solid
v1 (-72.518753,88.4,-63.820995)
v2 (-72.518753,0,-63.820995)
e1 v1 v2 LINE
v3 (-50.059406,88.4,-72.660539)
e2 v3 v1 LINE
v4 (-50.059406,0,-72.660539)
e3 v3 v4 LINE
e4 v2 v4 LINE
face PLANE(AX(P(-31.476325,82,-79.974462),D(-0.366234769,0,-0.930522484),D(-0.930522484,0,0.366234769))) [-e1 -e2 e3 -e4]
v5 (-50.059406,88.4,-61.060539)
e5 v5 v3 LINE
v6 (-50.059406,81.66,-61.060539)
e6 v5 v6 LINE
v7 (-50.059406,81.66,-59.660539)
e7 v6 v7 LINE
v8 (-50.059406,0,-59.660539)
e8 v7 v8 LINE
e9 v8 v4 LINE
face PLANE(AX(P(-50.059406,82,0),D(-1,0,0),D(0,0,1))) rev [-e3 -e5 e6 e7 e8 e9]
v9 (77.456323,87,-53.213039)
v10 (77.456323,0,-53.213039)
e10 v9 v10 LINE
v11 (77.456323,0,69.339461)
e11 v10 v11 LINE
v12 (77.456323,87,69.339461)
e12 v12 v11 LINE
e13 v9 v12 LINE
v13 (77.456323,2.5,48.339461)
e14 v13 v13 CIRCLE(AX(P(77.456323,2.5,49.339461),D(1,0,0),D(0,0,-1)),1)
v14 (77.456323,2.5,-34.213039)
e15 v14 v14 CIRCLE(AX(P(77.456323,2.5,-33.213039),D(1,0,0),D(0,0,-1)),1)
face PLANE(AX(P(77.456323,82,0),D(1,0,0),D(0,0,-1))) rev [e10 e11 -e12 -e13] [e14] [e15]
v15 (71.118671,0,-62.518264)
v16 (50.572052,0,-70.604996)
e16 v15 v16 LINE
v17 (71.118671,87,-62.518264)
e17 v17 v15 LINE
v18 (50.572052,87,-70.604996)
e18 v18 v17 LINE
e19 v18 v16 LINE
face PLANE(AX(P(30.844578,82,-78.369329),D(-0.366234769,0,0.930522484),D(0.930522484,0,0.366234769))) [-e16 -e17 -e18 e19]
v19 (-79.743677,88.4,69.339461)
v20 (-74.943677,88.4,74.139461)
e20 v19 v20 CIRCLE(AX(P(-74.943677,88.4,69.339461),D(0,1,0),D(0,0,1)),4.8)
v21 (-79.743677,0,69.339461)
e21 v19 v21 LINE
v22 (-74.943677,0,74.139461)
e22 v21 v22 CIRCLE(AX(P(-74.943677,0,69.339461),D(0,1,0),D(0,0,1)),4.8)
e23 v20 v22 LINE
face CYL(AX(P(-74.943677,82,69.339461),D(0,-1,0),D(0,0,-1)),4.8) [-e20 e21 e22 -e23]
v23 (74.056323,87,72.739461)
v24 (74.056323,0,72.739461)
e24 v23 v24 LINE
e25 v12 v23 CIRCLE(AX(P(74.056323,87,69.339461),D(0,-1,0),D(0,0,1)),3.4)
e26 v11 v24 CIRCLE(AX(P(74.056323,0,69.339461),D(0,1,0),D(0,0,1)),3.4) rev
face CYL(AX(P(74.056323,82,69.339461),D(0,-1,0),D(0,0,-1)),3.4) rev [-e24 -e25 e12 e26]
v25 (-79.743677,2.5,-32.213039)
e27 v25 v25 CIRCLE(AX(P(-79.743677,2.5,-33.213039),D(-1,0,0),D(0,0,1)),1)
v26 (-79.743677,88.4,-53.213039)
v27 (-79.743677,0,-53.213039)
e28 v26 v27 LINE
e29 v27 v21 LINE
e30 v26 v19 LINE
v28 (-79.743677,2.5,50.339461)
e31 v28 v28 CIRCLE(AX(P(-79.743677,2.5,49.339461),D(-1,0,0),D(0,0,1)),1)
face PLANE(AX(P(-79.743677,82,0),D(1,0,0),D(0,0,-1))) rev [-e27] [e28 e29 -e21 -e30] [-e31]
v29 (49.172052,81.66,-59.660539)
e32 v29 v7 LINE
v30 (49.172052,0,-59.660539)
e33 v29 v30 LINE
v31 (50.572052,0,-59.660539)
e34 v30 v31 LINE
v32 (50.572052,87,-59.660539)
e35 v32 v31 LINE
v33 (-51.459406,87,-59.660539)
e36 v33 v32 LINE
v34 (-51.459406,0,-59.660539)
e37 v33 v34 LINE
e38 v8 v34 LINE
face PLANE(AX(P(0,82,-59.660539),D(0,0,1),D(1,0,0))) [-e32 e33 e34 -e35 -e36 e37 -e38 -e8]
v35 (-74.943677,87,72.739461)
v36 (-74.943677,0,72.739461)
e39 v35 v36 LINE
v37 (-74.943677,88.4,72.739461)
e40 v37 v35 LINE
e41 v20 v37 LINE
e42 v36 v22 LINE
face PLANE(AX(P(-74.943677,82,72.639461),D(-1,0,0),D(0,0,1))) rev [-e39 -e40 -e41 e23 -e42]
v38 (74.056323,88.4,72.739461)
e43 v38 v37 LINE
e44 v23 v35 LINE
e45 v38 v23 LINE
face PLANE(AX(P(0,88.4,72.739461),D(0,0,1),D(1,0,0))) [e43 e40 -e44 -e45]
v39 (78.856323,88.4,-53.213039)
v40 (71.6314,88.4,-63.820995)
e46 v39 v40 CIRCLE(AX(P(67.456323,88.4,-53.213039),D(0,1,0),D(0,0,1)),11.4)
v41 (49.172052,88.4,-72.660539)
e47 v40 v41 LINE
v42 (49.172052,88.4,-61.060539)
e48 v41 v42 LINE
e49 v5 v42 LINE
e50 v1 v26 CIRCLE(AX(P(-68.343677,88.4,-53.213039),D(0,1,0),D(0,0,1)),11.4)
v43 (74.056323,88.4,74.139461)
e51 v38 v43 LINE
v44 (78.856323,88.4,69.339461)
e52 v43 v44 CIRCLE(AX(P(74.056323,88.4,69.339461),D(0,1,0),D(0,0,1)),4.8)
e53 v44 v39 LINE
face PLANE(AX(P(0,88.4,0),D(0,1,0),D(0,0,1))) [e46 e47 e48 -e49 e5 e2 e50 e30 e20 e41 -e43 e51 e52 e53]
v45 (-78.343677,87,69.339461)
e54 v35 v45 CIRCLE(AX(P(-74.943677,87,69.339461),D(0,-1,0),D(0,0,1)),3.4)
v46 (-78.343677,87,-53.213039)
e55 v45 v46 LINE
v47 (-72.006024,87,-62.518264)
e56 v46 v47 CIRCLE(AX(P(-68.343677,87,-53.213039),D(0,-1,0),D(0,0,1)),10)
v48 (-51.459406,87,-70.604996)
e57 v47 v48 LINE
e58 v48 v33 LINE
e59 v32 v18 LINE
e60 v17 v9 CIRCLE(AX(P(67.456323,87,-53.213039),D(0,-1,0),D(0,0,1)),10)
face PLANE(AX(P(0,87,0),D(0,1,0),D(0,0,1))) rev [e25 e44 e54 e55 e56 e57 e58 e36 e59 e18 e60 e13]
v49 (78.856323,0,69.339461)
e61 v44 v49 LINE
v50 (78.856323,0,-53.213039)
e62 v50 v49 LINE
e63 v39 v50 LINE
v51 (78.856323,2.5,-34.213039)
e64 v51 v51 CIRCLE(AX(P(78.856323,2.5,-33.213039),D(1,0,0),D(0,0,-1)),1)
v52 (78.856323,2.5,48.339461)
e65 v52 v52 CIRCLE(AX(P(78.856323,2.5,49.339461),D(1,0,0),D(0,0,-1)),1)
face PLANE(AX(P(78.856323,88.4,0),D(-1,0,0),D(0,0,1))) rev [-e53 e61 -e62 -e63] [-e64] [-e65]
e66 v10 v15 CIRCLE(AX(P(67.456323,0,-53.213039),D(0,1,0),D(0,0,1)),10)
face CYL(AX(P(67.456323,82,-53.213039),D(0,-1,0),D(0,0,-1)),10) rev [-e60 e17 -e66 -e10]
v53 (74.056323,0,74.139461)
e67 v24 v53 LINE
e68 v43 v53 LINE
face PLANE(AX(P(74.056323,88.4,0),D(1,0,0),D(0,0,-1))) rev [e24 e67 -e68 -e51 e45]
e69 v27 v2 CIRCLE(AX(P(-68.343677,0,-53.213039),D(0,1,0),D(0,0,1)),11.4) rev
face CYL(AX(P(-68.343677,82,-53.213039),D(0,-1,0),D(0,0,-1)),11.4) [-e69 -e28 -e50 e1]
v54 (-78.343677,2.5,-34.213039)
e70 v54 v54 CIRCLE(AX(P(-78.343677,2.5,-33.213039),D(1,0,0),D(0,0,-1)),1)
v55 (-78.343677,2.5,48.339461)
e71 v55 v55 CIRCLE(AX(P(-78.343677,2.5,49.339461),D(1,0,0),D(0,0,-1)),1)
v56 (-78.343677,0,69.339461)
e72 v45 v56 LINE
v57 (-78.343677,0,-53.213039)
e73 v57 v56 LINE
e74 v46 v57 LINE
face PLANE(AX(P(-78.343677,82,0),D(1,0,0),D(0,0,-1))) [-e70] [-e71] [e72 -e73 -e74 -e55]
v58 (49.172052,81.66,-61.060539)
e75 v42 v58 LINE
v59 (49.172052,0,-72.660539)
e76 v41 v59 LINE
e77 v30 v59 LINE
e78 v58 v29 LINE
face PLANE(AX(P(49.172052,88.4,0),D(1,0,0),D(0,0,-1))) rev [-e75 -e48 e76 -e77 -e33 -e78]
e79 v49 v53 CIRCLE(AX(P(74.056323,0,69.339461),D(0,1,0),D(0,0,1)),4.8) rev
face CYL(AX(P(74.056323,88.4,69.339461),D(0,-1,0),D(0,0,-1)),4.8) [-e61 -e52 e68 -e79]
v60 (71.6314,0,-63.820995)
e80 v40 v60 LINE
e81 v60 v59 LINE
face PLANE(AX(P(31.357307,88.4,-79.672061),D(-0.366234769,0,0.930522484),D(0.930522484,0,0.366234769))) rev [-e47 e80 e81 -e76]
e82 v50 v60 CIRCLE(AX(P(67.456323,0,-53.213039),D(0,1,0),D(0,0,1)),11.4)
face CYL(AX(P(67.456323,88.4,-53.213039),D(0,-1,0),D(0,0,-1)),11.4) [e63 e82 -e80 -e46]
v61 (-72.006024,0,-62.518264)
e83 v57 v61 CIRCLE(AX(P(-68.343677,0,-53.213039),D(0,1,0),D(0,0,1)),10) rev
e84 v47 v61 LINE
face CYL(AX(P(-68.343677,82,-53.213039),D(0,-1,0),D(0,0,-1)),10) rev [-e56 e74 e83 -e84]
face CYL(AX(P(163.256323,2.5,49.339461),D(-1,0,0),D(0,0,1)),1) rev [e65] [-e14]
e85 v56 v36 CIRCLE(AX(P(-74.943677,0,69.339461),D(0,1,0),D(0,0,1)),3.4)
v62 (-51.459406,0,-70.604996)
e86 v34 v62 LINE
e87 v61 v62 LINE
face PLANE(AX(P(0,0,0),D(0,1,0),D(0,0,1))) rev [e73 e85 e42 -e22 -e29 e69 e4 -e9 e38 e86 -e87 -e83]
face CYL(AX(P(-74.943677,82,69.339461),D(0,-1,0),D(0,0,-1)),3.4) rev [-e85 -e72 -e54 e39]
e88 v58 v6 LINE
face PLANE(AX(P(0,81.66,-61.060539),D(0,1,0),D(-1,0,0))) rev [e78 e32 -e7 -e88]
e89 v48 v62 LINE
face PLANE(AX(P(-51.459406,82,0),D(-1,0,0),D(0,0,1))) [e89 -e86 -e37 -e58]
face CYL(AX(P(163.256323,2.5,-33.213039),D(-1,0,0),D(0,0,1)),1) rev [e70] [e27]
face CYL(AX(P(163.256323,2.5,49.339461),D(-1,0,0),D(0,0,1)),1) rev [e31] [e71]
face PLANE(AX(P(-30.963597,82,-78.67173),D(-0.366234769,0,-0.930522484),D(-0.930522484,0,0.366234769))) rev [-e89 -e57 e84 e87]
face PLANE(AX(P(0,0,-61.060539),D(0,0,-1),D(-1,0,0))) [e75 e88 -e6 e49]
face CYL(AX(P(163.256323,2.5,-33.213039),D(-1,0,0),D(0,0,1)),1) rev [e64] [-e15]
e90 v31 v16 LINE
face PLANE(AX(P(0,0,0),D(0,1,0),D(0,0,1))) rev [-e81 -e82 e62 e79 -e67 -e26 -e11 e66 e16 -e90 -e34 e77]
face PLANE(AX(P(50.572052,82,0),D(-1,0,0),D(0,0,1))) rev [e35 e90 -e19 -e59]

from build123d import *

# Parameters (mm, degrees)
BOSS_EXTRUDE2_DEPTH = 82
BOSS_EXTRUDE3_DEPTH = 1.5
SKETCH4_W           = 149
SKETCH4_H           = 82
CUT_EXTRUDE2_DEPTH  = 1.5
SKETCH5_W           = 99.231457505
SKETCH5_H           = 0.2
CUT_EXTRUDE3_DEPTH  = 18
SKETCH6_R           = 1
CUT_EXTRUDE4_DEPTH  = 243
CUT_EXTRUDE5_DEPTH  = 16.4
BOSS_EXTRUDE4_DEPTH = 5
BOSS_EXTRUDE6_DEPTH = 1.4
SKETCH10_W          = 99.231457505
SKETCH10_H          = 5.34
SKETCH10_H_2        = 1.4
BOSS_EXTRUDE7_DEPTH = 1.4


with BuildPart() as part:
    # Sketch1 → Boss-Extrude2 (new body)
    with BuildSketch(Plane(origin=(0, 0, 0), x_dir=(1, 0, 0), z_dir=(0, 1, 0))):
        with BuildLine():
            Line((-0.443676805, -72.739461341), (-0.443676805, -74.139461341))
            Line((-0.443676805, -74.139461341), (74.056323195, -74.139461341))
            ThreePointArc((74.056323195, -74.139461341), (77.450435745, -72.733573891), (78.856323195, -69.339461341))
            Line((78.856323195, -69.339461341), (78.856323195, -3.839461341))
            Line((78.856323195, -3.839461341), (78.856323195, 53.213038835))
            ThreePointArc((78.856323195, 53.213038835), (76.87852757, 59.630364191), (71.631399559, 63.820995158))
            Line((71.631399559, 63.820995158), (49.172051948, 72.660538659))
            Line((49.172051948, 72.660538659), (49.172051948, 71.156007577))
            Line((49.172051948, 71.156007577), (49.172051948, 59.660538659))
            Line((49.172051948, 59.660538659), (50.572051948, 59.660538659))
            Line((50.572051948, 59.660538659), (50.572051948, 70.604995984))
            Line((50.572051948, 70.604995984), (71.118670883, 62.51826368))
            ThreePointArc((71.118670883, 62.51826368), (75.721414752, 58.842271604), (77.456323195, 53.213038835))
            Line((77.456323195, 53.213038835), (77.456323195, -3.839461341))
            Line((77.456323195, -3.839461341), (77.456323195, -69.339461341))
            ThreePointArc((77.456323195, -69.339461341), (76.460486251, -71.743624398), (74.056323195, -72.739461341))
            Line((74.056323195, -72.739461341), (-0.443676805, -72.739461341))
        make_face()
        with BuildLine():
            Line((-74.943676805, -74.139461341), (-0.443676805, -74.139461341))
            Line((-0.443676805, -74.139461341), (-0.443676805, -72.739461341))
            Line((-0.443676805, -72.739461341), (-74.943676805, -72.739461341))
            ThreePointArc((-74.943676805, -72.739461341), (-77.347839861, -71.743624398), (-78.343676805, -69.339461341))
            Line((-78.343676805, -69.339461341), (-78.343676805, -3.839461341))
            Line((-78.343676805, -3.839461341), (-78.343676805, 53.213038835))
            ThreePointArc((-78.343676805, 53.213038835), (-76.608768361, 58.842271604), (-72.006024493, 62.51826368))
            Line((-72.006024493, 62.51826368), (-51.459405557, 70.604995984))
            Line((-51.459405557, 70.604995984), (-51.459405557, 59.660538659))
            Line((-51.459405557, 59.660538659), (-50.059405557, 59.660538659))
            Line((-50.059405557, 59.660538659), (-50.059405557, 71.156007577))
            Line((-50.059405557, 71.156007577), (-50.059405557, 72.660538659))
            Line((-50.059405557, 72.660538659), (-72.518753169, 63.820995158))
            ThreePointArc((-72.518753169, 63.820995158), (-77.765881179, 59.630364191), (-79.743676805, 53.213038835))
            Line((-79.743676805, 53.213038835), (-79.743676805, -3.839461341))
            Line((-79.743676805, -3.839461341), (-79.743676805, -69.339461341))
            ThreePointArc((-79.743676805, -69.339461341), (-78.337789355, -72.733573891), (-74.943676805, -74.139461341))
        make_face()
    extrude(amount=BOSS_EXTRUDE2_DEPTH)

    # Sketch3 → Boss-Extrude3 (add)
    with BuildSketch(Plane(origin=(0, 82, 0), x_dir=(1, 0, 0), z_dir=(0, 1, 0))):
        with BuildLine():
            Line((-50.059405557, 59.660538659), (49.172051948, 59.660538659))
            Line((49.172051948, 59.660538659), (50.572051948, 59.660538659))
            Line((50.572051948, 59.660538659), (50.572051948, 70.604995984))
            Line((50.572051948, 70.604995984), (71.118670883, 62.51826368))
            ThreePointArc((71.118670883, 62.51826368), (75.721414752, 58.842271604), (77.456323195, 53.213038835))
            Line((77.456323195, 53.213038835), (77.456323195, -69.339461341))
            ThreePointArc((77.456323195, -69.339461341), (76.460486251, -71.743624398), (74.056323195, -72.739461341))
            Line((74.056323195, -72.739461341), (-74.943676805, -72.739461341))
            ThreePointArc((-74.943676805, -72.739461341), (-77.347839861, -71.743624398), (-78.343676805, -69.339461341))
            Line((-78.343676805, -69.339461341), (-78.343676805, 53.213038835))
            ThreePointArc((-78.343676805, 53.213038835), (-76.608768361, 58.842271604), (-72.006024493, 62.51826368))
            Line((-72.006024493, 62.51826368), (-51.459405557, 70.604995984))
            Line((-51.459405557, 70.604995984), (-51.459405557, 59.660538659))
            Line((-51.459405557, 59.660538659), (-50.059405557, 59.660538659))
        make_face()
    extrude(amount=-BOSS_EXTRUDE3_DEPTH)

    # Sketch4 → Cut-Extrude2 (cut)
    with BuildSketch(Plane.XY.offset(74.139461341)):
        with Locations((-0.443676805, 41)):
            Rectangle(SKETCH4_W, SKETCH4_H)
    extrude(amount=-CUT_EXTRUDE2_DEPTH, mode=Mode.SUBTRACT)

    # Sketch5 → Cut-Extrude3 (cut)
    with BuildSketch(Plane(origin=(0, 82, 0), x_dir=(1, 0, 0), z_dir=(0, 1, 0))):
        with Locations((-0.443676805, 59.560538659)):
            Rectangle(SKETCH5_W, SKETCH5_H)
    extrude(amount=-CUT_EXTRUDE3_DEPTH, mode=Mode.SUBTRACT)

    # Sketch6 → Cut-Extrude4 (cut)
    with BuildSketch(Plane.ZY.offset(79.743676805)):
        with Locations((-33.213038835, 2.5)):
            Circle(SKETCH6_R)
        with Locations((49.339461341, 2.5)):
            Circle(SKETCH6_R)
    extrude(amount=-CUT_EXTRUDE4_DEPTH, mode=Mode.SUBTRACT)

    # Sketch7 → Cut-Extrude5 (cut)
    with BuildSketch(Plane.XZ.offset(-80.5)):
        with BuildLine():
            Line((-50.059405557, -59.460538659), (49.172051948, -59.460538659))
            Line((49.172051948, -59.460538659), (49.172051948, -59.660538659))
            Line((49.172051948, -59.660538659), (50.572051948, -59.660538659))
            Line((50.572051948, -59.660538659), (50.572051948, -70.604995984))
            Line((50.572051948, -70.604995984), (71.118670883, -62.51826368))
            ThreePointArc((71.118670883, -62.51826368), (75.721414752, -58.842271604), (77.456323195, -53.213038835))
            Line((77.456323195, -53.213038835), (77.456323195, 69.339461341))
            ThreePointArc((77.456323195, 69.339461341), (76.460486251, 71.743624398), (74.056323195, 72.739461341))
            Line((74.056323195, 72.739461341), (74.056323195, 72.639461341))
            Line((74.056323195, 72.639461341), (-74.943676805, 72.639461341))
            Line((-74.943676805, 72.639461341), (-74.943676805, 72.739461341))
            ThreePointArc((-74.943676805, 72.739461341), (-77.347839861, 71.743624398), (-78.343676805, 69.339461341))
            Line((-78.343676805, 69.339461341), (-78.343676805, -53.213038835))
            ThreePointArc((-78.343676805, -53.213038835), (-76.608768361, -58.842271604), (-72.006024493, -62.51826368))
            Line((-72.006024493, -62.51826368), (-51.459405557, -70.604995984))
            Line((-51.459405557, -70.604995984), (-51.459405557, -59.660538659))
            Line((-51.459405557, -59.660538659), (-50.059405557, -59.660538659))
            Line((-50.059405557, -59.660538659), (-50.059405557, -59.460538659))
        make_face()
    extrude(amount=-CUT_EXTRUDE5_DEPTH, mode=Mode.SUBTRACT)

    # Sketch8 → Boss-Extrude4 (add)
    with BuildSketch(Plane(origin=(0, 82, 0), x_dir=(1, 0, 0), z_dir=(0, 1, 0))):
        with BuildLine():
            Line((74.056323195, -72.739461341), (74.056323195, -74.139461341))
            ThreePointArc((74.056323195, -74.139461341), (77.450435745, -72.733573891), (78.856323195, -69.339461341))
            Line((78.856323195, -69.339461341), (78.856323195, 53.213038835))
            ThreePointArc((78.856323195, 53.213038835), (76.87852757, 59.630364191), (71.631399559, 63.820995158))
            Line((71.631399559, 63.820995158), (49.172051948, 72.660538659))
            Line((49.172051948, 72.660538659), (49.172051948, 59.660538659))
            Line((49.172051948, 59.660538659), (50.572051948, 59.660538659))
            Line((50.572051948, 59.660538659), (50.572051948, 70.604995984))
            Line((50.572051948, 70.604995984), (71.118670883, 62.51826368))
            ThreePointArc((71.118670883, 62.51826368), (75.721414752, 58.842271604), (77.456323195, 53.213038835))
            Line((77.456323195, 53.213038835), (77.456323195, -69.339461341))
            ThreePointArc((77.456323195, -69.339461341), (76.460486251, -71.743624398), (74.056323195, -72.739461341))
        make_face()
        with BuildLine():
            Line((-51.459405557, 59.660538659), (-50.059405557, 59.660538659))
            Line((-50.059405557, 59.660538659), (-50.059405557, 72.660538659))
            Line((-50.059405557, 72.660538659), (-72.518753169, 63.820995158))
            ThreePointArc((-72.518753169, 63.820995158), (-77.765881179, 59.630364191), (-79.743676805, 53.213038835))
            Line((-79.743676805, 53.213038835), (-79.743676805, -69.339461341))
            ThreePointArc((-79.743676805, -69.339461341), (-78.337789355, -72.733573891), (-74.943676805, -74.139461341))
            Line((-74.943676805, -74.139461341), (-74.943676805, -72.739461341))
            ThreePointArc((-74.943676805, -72.739461341), (-77.347839861, -71.743624398), (-78.343676805, -69.339461341))
            Line((-78.343676805, -69.339461341), (-78.343676805, 53.213038835))
            ThreePointArc((-78.343676805, 53.213038835), (-76.608768361, 58.842271604), (-72.006024493, 62.51826368))
            Line((-72.006024493, 62.51826368), (-51.459405557, 70.604995984))
            Line((-51.459405557, 70.604995984), (-51.459405557, 59.660538659))
        make_face()
    extrude(amount=BOSS_EXTRUDE4_DEPTH)

    # Sketch9 → Boss-Extrude6 (add)
    with BuildSketch(Plane(origin=(0, 87, 0), x_dir=(1, 0, 0), z_dir=(0, 1, 0))):
        with BuildLine():
            Line((77.456323195, 53.213038835), (77.456323195, -69.339461341))
            ThreePointArc((77.456323195, -69.339461341), (76.460486251, -71.743624398), (74.056323195, -72.739461341))
            Line((74.056323195, -72.739461341), (-74.943676805, -72.739461341))
            ThreePointArc((-74.943676805, -72.739461341), (-77.347839861, -71.743624398), (-78.343676805, -69.339461341))
            Line((-78.343676805, -69.339461341), (-78.343676805, 53.213038835))
            ThreePointArc((-78.343676805, 53.213038835), (-76.608768361, 58.842271604), (-72.006024493, 62.51826368))
            Line((-72.006024493, 62.51826368), (-51.459405557, 70.604995984))
            Line((-51.459405557, 70.604995984), (-51.459405557, 59.660538659))
            Line((-51.459405557, 59.660538659), (-50.059405557, 59.660538659))
            Line((-50.059405557, 59.660538659), (49.172051948, 59.660538659))
            Line((49.172051948, 59.660538659), (50.572051948, 59.660538659))
            Line((50.572051948, 59.660538659), (50.572051948, 70.604995984))
            Line((50.572051948, 70.604995984), (71.118670883, 62.51826368))
            ThreePointArc((71.118670883, 62.51826368), (75.721414752, 58.842271604), (77.456323195, 53.213038835))
        make_face()
        with BuildLine():
            Line((-72.006024493, 62.51826368), (-51.459405557, 70.604995984))
            Line((-51.459405557, 70.604995984), (-51.459405557, 59.660538659))
            Line((-51.459405557, 59.660538659), (-50.059405557, 59.660538659))
            Line((-50.059405557, 59.660538659), (-50.059405557, 72.660538659))
            Line((-50.059405557, 72.660538659), (-72.518753169, 63.820995158))
            ThreePointArc((-72.518753169, 63.820995158), (-77.765881179, 59.630364191), (-79.743676805, 53.213038835))
            Line((-79.743676805, 53.213038835), (-79.743676805, -69.339461341))
            ThreePointArc((-79.743676805, -69.339461341), (-78.337789355, -72.733573891), (-74.943676805, -74.139461341))
            Line((-74.943676805, -74.139461341), (-74.943676805, -72.739461341))
            ThreePointArc((-74.943676805, -72.739461341), (-77.347839861, -71.743624398), (-78.343676805, -69.339461341))
            Line((-78.343676805, -69.339461341), (-78.343676805, 53.213038835))
            ThreePointArc((-78.343676805, 53.213038835), (-76.608768361, 58.842271604), (-72.006024493, 62.51826368))
        make_face()
        with BuildLine():
            ThreePointArc((77.456323195, 53.213038835), (75.721414752, 58.842271604), (71.118670883, 62.51826368))
            Line((71.118670883, 62.51826368), (50.572051948, 70.604995984))
            Line((50.572051948, 70.604995984), (50.572051948, 59.660538659))
            Line((50.572051948, 59.660538659), (49.172051948, 59.660538659))
            Line((49.172051948, 59.660538659), (49.172051948, 72.660538659))
            Line((49.172051948, 72.660538659), (71.631399559, 63.820995158))
            ThreePointArc((71.631399559, 63.820995158), (76.87852757, 59.630364191), (78.856323195, 53.213038835))
            Line((78.856323195, 53.213038835), (78.856323195, -69.339461341))
            ThreePointArc((78.856323195, -69.339461341), (77.450435745, -72.733573891), (74.056323195, -74.139461341))
            Line((74.056323195, -74.139461341), (74.056323195, -72.739461341))
            ThreePointArc((74.056323195, -72.739461341), (76.460486251, -71.743624398), (77.456323195, -69.339461341))
            Line((77.456323195, -69.339461341), (77.456323195, 53.213038835))
        make_face()
    extrude(amount=BOSS_EXTRUDE6_DEPTH)

    # Sketch10 → Boss-Extrude7 (add)
    with BuildSketch(Plane(origin=(0, 0, -59.660538659), x_dir=(-1, 0, 0), z_dir=(0, 0, -1))):
        with Locations((0.443676805, 84.33)):
            Rectangle(SKETCH10_W, SKETCH10_H)
        with Locations((0.443676805, 87.7)):
            Rectangle(SKETCH10_W, SKETCH10_H_2)
    extrude(amount=BOSS_EXTRUDE7_DEPTH)


solid = part.part
